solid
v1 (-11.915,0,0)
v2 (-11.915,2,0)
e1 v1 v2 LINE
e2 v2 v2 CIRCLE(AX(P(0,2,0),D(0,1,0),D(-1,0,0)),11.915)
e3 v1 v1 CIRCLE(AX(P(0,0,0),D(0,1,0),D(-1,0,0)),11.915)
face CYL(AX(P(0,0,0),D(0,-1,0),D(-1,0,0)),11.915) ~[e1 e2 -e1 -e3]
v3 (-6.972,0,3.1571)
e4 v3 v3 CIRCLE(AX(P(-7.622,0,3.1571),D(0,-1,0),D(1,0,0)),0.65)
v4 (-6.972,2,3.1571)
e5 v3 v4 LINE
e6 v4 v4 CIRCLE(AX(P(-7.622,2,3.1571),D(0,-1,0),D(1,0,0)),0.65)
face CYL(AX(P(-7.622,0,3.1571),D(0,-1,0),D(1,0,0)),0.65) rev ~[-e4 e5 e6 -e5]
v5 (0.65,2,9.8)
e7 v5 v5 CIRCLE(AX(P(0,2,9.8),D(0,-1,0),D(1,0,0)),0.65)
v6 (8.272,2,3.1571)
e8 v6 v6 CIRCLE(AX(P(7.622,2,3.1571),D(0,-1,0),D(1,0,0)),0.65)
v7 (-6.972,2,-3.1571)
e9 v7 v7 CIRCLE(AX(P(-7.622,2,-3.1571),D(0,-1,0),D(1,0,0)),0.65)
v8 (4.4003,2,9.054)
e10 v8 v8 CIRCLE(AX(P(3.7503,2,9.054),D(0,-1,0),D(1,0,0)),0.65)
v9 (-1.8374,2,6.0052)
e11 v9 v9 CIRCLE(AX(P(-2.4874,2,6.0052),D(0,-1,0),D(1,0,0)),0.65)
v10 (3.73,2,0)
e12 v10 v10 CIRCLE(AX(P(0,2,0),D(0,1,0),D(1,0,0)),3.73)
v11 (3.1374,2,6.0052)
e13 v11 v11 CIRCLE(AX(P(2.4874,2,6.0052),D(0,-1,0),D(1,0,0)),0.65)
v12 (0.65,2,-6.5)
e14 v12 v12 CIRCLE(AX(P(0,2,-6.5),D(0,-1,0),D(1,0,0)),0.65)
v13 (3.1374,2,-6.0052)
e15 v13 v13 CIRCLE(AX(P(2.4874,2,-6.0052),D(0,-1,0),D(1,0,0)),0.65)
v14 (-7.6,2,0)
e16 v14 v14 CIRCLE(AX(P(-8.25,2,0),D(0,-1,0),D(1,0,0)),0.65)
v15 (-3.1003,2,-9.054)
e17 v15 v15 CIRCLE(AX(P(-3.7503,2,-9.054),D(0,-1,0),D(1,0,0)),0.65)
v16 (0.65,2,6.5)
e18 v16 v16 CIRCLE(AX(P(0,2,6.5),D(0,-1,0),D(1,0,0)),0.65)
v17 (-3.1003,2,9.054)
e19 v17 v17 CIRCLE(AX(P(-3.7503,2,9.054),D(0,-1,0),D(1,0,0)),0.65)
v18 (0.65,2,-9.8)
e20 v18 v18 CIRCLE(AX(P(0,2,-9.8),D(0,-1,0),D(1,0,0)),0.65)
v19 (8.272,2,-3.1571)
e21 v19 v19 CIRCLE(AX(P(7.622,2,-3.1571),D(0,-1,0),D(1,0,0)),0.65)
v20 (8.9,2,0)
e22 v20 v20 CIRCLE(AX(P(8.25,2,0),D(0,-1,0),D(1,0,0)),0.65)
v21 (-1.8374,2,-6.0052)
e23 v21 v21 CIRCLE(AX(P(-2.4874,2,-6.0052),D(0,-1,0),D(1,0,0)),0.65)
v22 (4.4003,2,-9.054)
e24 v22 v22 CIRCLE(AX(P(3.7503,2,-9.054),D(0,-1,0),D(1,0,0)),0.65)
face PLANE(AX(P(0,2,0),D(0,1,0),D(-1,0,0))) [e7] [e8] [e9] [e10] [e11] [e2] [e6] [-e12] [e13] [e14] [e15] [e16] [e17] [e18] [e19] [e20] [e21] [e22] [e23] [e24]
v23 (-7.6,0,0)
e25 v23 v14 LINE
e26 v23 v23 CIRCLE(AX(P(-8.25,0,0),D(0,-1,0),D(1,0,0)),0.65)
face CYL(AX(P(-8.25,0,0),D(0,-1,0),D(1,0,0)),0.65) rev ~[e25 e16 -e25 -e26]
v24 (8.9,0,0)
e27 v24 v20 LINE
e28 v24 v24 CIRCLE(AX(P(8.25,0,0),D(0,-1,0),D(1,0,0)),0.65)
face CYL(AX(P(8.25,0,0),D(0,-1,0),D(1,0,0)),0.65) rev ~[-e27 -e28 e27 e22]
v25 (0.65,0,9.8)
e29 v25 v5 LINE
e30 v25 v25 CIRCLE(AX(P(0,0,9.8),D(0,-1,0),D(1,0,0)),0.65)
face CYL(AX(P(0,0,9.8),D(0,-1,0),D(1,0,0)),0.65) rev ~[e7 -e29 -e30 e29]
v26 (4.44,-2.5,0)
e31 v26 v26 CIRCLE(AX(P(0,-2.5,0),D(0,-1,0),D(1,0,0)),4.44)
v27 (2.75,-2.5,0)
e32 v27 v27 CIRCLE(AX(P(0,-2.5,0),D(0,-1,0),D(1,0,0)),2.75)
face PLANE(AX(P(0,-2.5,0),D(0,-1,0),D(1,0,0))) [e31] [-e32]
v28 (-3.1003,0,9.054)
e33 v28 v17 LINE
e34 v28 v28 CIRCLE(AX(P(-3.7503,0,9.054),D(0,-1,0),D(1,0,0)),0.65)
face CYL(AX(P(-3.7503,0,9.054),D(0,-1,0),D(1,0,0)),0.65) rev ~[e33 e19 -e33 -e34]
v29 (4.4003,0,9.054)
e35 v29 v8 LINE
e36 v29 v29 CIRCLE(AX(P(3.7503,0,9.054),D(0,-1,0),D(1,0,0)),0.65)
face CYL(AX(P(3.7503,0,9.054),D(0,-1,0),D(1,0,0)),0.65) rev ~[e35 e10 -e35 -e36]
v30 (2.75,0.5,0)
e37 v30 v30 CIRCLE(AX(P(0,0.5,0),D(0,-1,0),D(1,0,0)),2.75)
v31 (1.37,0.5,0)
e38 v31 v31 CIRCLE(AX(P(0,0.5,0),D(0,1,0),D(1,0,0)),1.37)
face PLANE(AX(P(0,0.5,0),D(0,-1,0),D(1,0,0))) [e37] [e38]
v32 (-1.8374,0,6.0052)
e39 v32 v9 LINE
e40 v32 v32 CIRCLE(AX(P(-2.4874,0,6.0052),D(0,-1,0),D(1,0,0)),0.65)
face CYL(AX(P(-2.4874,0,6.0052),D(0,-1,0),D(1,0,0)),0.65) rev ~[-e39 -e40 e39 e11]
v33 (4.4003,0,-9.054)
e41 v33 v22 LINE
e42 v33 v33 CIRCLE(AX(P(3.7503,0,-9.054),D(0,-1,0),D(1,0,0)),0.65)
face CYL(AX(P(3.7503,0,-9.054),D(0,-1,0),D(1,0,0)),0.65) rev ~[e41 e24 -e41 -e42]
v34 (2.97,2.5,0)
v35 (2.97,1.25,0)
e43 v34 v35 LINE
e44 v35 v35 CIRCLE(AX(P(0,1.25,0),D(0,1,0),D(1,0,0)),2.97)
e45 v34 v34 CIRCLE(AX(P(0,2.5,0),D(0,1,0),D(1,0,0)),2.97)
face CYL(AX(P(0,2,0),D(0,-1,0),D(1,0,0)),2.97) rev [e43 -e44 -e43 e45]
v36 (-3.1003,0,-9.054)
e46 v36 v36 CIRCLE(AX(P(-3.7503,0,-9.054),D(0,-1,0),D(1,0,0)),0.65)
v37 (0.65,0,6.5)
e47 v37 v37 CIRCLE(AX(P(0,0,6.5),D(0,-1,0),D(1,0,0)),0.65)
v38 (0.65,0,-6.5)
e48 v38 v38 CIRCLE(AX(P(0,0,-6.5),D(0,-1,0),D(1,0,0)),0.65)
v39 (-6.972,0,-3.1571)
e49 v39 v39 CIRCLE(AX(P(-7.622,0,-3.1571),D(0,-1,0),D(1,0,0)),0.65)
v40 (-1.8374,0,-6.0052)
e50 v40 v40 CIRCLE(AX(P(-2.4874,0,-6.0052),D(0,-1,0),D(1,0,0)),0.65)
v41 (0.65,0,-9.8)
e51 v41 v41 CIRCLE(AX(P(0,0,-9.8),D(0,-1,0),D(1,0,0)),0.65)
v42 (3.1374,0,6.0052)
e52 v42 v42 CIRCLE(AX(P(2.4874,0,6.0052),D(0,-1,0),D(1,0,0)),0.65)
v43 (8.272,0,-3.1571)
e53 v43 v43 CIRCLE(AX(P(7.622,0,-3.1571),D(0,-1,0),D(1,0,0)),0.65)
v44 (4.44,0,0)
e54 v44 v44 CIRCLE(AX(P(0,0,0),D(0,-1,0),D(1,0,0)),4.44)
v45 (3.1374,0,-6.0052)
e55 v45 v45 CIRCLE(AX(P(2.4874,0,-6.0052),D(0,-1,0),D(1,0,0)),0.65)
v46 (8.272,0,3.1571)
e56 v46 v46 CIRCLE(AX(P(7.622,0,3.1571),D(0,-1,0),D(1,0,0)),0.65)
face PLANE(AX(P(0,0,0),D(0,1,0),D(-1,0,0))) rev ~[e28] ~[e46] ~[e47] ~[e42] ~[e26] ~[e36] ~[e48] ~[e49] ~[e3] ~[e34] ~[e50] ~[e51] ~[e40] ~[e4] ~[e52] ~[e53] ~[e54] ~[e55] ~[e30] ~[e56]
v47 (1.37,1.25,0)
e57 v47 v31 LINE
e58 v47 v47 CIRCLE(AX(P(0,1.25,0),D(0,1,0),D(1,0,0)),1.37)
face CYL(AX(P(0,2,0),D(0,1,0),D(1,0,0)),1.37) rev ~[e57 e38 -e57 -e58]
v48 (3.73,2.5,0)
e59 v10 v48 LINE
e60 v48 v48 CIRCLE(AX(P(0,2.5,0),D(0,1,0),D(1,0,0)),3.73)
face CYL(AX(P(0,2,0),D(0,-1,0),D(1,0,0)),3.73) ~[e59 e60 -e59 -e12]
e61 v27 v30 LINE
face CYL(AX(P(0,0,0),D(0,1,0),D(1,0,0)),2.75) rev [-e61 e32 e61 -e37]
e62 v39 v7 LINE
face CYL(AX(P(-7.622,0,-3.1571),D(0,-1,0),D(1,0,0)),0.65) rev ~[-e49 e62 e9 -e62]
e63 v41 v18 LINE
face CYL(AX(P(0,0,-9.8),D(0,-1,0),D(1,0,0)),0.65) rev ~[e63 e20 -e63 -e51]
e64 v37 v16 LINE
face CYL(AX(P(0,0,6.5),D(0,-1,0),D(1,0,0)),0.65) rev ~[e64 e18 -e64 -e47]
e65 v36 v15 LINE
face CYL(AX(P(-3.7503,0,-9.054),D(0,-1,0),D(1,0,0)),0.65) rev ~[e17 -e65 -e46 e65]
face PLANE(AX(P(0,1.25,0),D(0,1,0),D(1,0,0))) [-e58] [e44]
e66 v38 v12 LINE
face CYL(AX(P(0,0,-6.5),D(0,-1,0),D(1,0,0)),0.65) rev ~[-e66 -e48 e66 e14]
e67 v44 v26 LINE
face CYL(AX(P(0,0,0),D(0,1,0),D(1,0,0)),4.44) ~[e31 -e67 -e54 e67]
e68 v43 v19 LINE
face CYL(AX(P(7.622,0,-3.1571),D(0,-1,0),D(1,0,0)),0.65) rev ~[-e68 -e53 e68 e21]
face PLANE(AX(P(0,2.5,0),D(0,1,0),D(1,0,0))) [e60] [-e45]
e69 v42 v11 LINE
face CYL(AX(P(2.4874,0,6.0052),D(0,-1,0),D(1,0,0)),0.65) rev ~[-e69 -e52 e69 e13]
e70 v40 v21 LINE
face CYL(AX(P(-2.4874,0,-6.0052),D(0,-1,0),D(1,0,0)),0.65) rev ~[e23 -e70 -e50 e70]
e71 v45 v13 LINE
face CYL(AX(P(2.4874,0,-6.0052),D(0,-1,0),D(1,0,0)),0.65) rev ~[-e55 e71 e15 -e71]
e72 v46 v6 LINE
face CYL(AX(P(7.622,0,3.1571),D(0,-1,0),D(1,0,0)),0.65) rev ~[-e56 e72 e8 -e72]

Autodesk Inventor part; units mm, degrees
ref_plane "YZ Plane" through (0, 0, 0) normal (1, 0, 0) x (0, 1, 0)
ref_plane "XZ Plane" through (0, 0, 0) normal (0, 1, 0) x (-1, 0, 0)
ref_plane "XY Plane" through (0, 0, 0) normal (0, 0, 1) x (1, 0, 0)
sketch "Sketch1" plane through (0, 0, 0) normal (0, 1, 0) x (-1, 0, 0)
  circle A0 centre (0, 0) radius 11.915
  dimension "d0" = 23.83
extrude "Extrusion1" add sketch "Sketch1" along normal blind 2
sketch "Sketch2" plane through (0, 2, 0) normal (0, 1, 0) x (1, 0, 0)
  circle A0 centre (0, 0) radius 3.73
  circle A1 centre (0, 0) radius 2.97
  circle A2 centre (0, 0) radius 1.37
  dimension "d3" = 7.46
  dimension "d4" = 5.94
  dimension "d5" = 2.74
extrude "Extrusion2" add sketch "Sketch2" along normal blind 0.5 contours A0
extrude "Extrusion3" cut sketch "Sketch2" against normal blind 0.75 contours A1
extrude "Extrusion4" cut sketch "Sketch2" against normal through all contours A2
sketch "Sketch3" plane through (0, 0, 0) normal (0, -1, 0) x (1, 0, 0)
  circle A0 centre (0, 0) radius 4.44
  circle A1 centre (0, 0) radius 2.75
  dimension "d12" = 8.88
  dimension "d13" = 5.5
extrude "Extrusion5" add sketch "Sketch3" along normal blind 2.5
extrude "Extrusion6" cut sketch "Sketch3" against normal blind 0.5 contours A1
sketch "Sketch4" plane through (0, 0, 0) normal (0, -1, 0) x (1, 0, 0)
  circle A0 centre (0, 0) radius 4.44 construction
  circle A1 centre (0, 0) radius 9.8 construction
  circle A2 centre (0, 0) radius 1.37 construction
  circle A3 centre (0, 0) radius 8.25 construction
  circle A4 centre (0, 0) radius 6.5 construction
  circle A5 centre (0, 0) radius 11.915 construction
  line L0 (0, 11.915) -> (0, -11.915) construction
  line L1 (-13.7871, 0) -> (13.3861, 0) construction
  circle A6 centre (0, 0) radius 3.73 construction
  line L2 (0, 0) -> (-5.9338, -14.3254) construction
  line L3 (0, 0) -> (5.2891, -12.7691) construction
  line L4 (0, 0) -> (12.9454, -5.3622) construction
  line L5 (0, 0) -> (13.6262, 5.6441) construction
  circle A7 centre (2.4874, -6.0052) radius 0.65
  circle A8 centre (3.7503, -9.054) radius 0.65
  circle A9 centre (-3.7503, -9.054) radius 0.65
  circle A10 centre (0, -9.8) radius 0.65
  circle A11 centre (0, -6.5) radius 0.65
  circle A12 centre (-2.4874, -6.0052) radius 0.65
  circle A13 centre (7.622, -3.1571) radius 0.65
  circle A14 centre (8.25, 0) radius 0.65
  circle A15 centre (7.622, 3.1571) radius 0.65
  circle A16 centre (2.4874, 6.0052) radius 0.65
  circle A17 centre (3.7503, 9.054) radius 0.65
  circle A18 centre (-3.7503, 9.054) radius 0.65
  circle A19 centre (0, 9.8) radius 0.65
  circle A20 centre (0, 6.5) radius 0.65
  circle A21 centre (-2.4874, 6.0052) radius 0.65
  circle A22 centre (-7.622, -3.1571) radius 0.65
  circle A23 centre (-8.25, 0) radius 0.65
  circle A24 centre (-7.622, 3.1571) radius 0.65
  dimension "d18" = 19.6
  dimension "d19" = 16.5
  dimension "d20" = 13
  dimension "d21" = 22.5
  dimension "d22" = 22.5
  dimension "d23" = 22.5
  dimension "d24" = 22.5
  dimension "d25" = 1.3
  dimension "d26" = 1.3
  dimension "d27" = 1.3
  dimension "d28" = 1.3
  dimension "d29" = 1.3
  dimension "d30" = 1.3
  dimension "d31" = 1.3
  dimension "d32" = 1.3
  dimension "d33" = 1.3
sketch "Sketch5" plane through (0, 0, 0) normal (0, -1, 0) x (1, 0, 0)
  circle A0 centre (0, 0) radius 1.37 construction
  circle A1 centre (0, 0) radius 2.97 construction
extrude "Extrusion7" cut sketch "Sketch4" against normal through all
properties part number "MMAE 232 CAD Assignment 2 Servo Horn 4-Nicholas Skiba"
